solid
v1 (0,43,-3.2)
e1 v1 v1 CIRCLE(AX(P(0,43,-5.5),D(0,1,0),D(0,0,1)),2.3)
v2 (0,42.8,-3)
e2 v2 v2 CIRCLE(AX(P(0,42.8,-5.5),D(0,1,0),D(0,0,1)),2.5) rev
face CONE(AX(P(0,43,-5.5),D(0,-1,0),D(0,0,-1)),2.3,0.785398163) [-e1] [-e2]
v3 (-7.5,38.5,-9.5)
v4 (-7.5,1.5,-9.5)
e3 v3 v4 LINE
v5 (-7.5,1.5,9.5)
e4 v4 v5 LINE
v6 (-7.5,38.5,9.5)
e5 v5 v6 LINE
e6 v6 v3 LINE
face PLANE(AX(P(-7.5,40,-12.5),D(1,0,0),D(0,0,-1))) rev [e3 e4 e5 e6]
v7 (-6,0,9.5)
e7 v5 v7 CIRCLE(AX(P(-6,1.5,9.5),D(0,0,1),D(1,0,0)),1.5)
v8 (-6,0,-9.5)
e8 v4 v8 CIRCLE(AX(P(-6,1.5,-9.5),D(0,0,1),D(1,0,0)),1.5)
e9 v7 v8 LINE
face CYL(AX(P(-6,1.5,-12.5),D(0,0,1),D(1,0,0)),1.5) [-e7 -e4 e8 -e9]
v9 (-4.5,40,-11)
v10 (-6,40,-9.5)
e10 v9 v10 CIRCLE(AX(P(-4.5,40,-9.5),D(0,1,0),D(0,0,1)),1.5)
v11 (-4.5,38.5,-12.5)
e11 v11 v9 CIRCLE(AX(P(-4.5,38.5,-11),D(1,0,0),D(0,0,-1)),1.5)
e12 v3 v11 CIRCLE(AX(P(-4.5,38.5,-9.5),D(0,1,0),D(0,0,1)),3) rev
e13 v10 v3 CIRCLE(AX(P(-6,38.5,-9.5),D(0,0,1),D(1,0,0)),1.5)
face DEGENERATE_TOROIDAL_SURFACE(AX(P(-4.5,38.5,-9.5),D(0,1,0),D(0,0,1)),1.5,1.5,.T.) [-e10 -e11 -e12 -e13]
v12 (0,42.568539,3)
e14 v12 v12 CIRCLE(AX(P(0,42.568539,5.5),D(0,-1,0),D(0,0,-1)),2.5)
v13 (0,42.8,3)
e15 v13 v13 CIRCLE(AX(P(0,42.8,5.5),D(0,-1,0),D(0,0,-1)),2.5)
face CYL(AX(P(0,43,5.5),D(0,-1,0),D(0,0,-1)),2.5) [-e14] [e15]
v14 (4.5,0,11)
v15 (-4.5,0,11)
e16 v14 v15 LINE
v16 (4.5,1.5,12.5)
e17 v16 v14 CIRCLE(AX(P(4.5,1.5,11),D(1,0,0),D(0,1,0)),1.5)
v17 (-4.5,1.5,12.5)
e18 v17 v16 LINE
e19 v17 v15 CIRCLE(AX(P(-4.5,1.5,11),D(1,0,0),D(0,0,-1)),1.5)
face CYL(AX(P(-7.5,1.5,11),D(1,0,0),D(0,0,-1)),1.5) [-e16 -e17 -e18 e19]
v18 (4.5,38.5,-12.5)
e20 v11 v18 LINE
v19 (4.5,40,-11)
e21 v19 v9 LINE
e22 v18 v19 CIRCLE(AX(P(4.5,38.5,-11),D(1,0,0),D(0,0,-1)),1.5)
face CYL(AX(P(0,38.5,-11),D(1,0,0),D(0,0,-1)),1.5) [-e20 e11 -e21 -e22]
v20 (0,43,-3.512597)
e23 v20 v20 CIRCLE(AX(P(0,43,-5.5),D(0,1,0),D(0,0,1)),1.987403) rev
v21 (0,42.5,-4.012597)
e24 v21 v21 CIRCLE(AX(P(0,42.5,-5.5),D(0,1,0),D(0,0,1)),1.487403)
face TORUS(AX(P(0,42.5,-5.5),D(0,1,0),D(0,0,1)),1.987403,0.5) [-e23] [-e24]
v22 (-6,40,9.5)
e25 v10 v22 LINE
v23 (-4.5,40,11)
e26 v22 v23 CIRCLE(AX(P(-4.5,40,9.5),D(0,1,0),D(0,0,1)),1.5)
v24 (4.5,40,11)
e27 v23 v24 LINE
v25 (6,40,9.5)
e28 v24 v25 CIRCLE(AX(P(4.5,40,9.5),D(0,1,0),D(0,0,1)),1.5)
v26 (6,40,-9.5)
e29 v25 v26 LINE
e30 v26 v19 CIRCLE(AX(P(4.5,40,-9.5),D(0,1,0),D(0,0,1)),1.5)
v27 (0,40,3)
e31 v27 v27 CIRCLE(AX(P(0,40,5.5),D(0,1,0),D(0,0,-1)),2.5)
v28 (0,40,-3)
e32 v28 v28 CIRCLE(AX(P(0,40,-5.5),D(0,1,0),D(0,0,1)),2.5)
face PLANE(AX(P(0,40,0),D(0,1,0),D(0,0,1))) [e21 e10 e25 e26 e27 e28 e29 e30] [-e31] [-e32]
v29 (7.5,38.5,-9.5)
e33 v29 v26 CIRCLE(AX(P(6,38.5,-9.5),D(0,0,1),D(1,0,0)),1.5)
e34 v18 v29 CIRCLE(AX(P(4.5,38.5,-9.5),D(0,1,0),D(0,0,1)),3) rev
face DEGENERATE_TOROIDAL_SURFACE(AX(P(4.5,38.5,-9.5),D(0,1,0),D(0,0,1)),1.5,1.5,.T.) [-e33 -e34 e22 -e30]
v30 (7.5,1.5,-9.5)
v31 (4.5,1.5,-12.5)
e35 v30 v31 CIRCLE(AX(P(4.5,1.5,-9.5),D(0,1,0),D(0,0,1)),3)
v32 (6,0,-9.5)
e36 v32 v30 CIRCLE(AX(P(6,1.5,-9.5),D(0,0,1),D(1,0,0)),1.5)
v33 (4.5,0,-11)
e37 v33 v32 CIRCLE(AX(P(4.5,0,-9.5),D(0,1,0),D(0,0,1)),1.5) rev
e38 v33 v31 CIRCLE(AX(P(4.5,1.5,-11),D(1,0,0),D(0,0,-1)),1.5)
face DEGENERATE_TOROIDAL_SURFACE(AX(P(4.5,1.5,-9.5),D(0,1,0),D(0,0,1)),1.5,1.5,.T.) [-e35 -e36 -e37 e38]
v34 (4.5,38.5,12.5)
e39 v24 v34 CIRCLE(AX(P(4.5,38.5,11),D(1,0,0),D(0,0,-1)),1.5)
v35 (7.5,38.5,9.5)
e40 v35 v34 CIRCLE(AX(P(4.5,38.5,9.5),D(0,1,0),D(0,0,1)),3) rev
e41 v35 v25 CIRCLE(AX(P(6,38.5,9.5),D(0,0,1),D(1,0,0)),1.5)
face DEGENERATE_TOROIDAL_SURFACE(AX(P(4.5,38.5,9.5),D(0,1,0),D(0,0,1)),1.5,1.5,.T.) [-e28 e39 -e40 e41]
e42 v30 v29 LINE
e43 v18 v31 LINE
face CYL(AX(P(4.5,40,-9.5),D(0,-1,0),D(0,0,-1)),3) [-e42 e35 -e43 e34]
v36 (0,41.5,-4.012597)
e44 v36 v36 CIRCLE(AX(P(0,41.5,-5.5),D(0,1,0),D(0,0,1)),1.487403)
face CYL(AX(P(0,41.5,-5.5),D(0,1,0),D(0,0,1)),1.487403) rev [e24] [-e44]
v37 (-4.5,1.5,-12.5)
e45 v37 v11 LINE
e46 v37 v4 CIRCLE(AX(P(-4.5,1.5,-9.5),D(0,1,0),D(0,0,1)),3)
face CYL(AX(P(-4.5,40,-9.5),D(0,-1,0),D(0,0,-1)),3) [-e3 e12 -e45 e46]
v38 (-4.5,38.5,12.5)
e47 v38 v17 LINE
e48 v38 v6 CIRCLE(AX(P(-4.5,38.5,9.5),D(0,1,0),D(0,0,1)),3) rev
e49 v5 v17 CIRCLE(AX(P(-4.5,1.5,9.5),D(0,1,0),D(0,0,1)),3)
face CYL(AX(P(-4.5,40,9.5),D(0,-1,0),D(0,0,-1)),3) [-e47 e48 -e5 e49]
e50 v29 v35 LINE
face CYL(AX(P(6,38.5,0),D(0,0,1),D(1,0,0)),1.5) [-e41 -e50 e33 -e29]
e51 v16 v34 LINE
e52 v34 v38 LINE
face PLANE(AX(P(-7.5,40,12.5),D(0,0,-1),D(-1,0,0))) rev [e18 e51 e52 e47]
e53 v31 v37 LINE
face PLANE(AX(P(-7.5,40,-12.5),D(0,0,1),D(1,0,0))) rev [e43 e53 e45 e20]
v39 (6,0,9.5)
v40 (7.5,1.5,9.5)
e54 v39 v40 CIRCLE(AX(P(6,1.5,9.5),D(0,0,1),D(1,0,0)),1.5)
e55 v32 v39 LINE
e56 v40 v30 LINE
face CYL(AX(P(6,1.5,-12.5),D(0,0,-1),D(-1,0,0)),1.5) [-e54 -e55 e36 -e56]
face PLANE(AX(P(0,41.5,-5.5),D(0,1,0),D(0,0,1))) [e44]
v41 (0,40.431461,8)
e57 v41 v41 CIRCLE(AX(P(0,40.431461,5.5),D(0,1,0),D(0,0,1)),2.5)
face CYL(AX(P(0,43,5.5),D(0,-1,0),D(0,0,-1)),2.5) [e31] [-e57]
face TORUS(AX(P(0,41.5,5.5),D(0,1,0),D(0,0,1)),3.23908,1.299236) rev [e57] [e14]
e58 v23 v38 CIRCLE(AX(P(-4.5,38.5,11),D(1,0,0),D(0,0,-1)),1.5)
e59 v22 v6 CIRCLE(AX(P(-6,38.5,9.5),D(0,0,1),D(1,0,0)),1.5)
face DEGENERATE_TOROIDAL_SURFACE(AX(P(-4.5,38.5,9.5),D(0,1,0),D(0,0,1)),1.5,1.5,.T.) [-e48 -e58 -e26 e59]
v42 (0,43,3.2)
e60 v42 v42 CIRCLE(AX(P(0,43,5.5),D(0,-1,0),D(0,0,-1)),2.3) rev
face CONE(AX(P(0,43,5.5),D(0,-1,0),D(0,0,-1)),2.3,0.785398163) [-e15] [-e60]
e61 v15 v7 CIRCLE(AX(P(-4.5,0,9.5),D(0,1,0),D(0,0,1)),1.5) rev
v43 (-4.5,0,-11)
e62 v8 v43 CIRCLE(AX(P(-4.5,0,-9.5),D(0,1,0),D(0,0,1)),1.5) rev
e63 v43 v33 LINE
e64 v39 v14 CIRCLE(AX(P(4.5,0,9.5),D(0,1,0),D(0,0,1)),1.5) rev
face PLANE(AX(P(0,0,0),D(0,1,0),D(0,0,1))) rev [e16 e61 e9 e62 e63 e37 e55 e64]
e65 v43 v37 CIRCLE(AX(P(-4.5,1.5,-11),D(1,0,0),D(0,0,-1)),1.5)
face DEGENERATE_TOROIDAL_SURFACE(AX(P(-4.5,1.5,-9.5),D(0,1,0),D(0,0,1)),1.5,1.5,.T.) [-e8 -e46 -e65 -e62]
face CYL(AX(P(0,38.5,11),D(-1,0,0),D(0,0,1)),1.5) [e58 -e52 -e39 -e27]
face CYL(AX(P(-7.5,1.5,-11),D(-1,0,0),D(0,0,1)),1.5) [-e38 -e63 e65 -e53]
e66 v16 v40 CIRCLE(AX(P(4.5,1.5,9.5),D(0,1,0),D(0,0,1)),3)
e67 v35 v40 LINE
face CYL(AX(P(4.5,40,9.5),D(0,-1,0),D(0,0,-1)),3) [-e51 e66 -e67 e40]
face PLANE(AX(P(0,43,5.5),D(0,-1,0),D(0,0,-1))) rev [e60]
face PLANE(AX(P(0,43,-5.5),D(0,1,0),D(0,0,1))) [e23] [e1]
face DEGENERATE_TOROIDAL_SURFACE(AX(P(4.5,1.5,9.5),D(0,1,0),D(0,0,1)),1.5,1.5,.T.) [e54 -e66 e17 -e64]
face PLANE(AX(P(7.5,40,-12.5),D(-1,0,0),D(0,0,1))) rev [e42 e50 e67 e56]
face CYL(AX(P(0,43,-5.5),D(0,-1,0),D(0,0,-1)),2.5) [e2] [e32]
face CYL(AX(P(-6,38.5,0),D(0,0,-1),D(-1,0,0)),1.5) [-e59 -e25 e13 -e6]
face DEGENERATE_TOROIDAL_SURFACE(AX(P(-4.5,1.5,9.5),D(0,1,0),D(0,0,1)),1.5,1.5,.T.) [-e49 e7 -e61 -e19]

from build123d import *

# Parameters (mm, degrees)
CROQUIS1_W              = 15
CROQUIS1_H              = 25
SALIENTE_EXTRUIR1_DEPTH = 40
REDONDEO1_R             = 3
REDONDEO2_R             = 1.5
REDONDEO3_R             = 1.5
CROQUIS2_R              = 2.5
SALIENTE_EXTRUIR2_DEPTH = 3
CROQUIS3_R              = 1.487403204
CORTAR_EXTRUIR1_DEPTH   = 1.5
REDONDEO4_R             = 0.5
CHAFL_N1_SIZE           = 0.2
CROQUIS4_R              = 1.299235838
CHAFL_N2_SIZE           = 0.2


with BuildPart() as part:
    # Croquis1 → Saliente-Extruir1 (new body)
    with BuildSketch(Plane(origin=(0, 0, 0), x_dir=(1, 0, 0), z_dir=(0, 1, 0))):
        Rectangle(CROQUIS1_W, CROQUIS1_H)
    extrude(amount=SALIENTE_EXTRUIR1_DEPTH)

    # Redondeo1
    redondeo1_edges = [part.edges().sort_by_distance(p)[0] for p in [
        (7.5, 20, 12.5),
        (-7.5, 20, 12.5),
        (-7.5, 20, -12.5),
        (7.5, 20, -12.5),
    ]]
    fillet(redondeo1_edges, radius=REDONDEO1_R)

    # Redondeo2
    redondeo2_edges = [part.edges().sort_by_distance(p)[0] for p in [
        (-7.5, 0, 0),
        (7.5, 0, 0),
        (0, 0, 12.5),
        (0, 0, -12.5),
        (6.621320344, 0, 11.621320344),
        (-6.621320344, 0, 11.621320344),
        (6.621320344, 0, -11.621320344),
        (-6.621320344, 0, -11.621320344),
    ]]
    fillet(redondeo2_edges, radius=REDONDEO2_R)

    # Redondeo3
    redondeo3_edges = [part.edges().sort_by_distance(p)[0] for p in [
        (-7.5, 40, 0),
        (0, 40, -12.5),
        (7.5, 40, 0),
        (0, 40, 12.5),
        (6.621320344, 40, 11.621320344),
        (-6.621320344, 40, 11.621320344),
        (6.621320344, 40, -11.621320344),
        (-6.621320344, 40, -11.621320344),
    ]]
    fillet(redondeo3_edges, radius=REDONDEO3_R)

    # Croquis2 → Saliente-Extruir2 (add)
    with BuildSketch(Plane(origin=(0, 40, 0), x_dir=(1, 0, 0), z_dir=(0, 1, 0))):
        with Locations(Location((0, 5.5, 0), (0, 0, 270))):
            Circle(CROQUIS2_R)
        with Locations(Location((0, -5.5, 0), (0, 0, 90))):
            Circle(CROQUIS2_R)
    extrude(amount=SALIENTE_EXTRUIR2_DEPTH)

    # Croquis3 → Cortar-Extruir1 (cut)
    with BuildSketch(Plane(origin=(0, 43, 0), x_dir=(1, 0, 0), z_dir=(0, 1, 0))):
        with Locations(Location((0, 5.5, 0), (0, 0, 270))):
            Circle(CROQUIS3_R)
    extrude(amount=-CORTAR_EXTRUIR1_DEPTH, mode=Mode.SUBTRACT)

    # Redondeo4
    redondeo4_edges = [part.edges().sort_by_distance(p)[0] for p in [
        (0, 43, -6.987403204),
    ]]
    fillet(redondeo4_edges, radius=REDONDEO4_R)

    # Chaflán1
    chafl_n1_edges = [part.edges().sort_by_distance(p)[0] for p in [
        (0, 43, -8),
    ]]
    chamfer(chafl_n1_edges, length=CHAFL_N1_SIZE)

    # Croquis4 → Cortar-Revolución1 (revolve, cut)
    with BuildSketch(Plane(origin=(0, 0, 0), x_dir=(0, 0, -1), z_dir=(1, 0, 0))):
        with Locations((-2.260920396, 41.5)):
            Circle(CROQUIS4_R)
    revolve(axis=Axis((0, 43, 5.5), (0, -1, 0)), mode=Mode.SUBTRACT)

    # Chaflán2
    chafl_n2_edges = [part.edges().sort_by_distance(p)[0] for p in [
        (0, 43, 8),
    ]]
    chamfer(chafl_n2_edges, length=CHAFL_N2_SIZE)


solid = part.part
